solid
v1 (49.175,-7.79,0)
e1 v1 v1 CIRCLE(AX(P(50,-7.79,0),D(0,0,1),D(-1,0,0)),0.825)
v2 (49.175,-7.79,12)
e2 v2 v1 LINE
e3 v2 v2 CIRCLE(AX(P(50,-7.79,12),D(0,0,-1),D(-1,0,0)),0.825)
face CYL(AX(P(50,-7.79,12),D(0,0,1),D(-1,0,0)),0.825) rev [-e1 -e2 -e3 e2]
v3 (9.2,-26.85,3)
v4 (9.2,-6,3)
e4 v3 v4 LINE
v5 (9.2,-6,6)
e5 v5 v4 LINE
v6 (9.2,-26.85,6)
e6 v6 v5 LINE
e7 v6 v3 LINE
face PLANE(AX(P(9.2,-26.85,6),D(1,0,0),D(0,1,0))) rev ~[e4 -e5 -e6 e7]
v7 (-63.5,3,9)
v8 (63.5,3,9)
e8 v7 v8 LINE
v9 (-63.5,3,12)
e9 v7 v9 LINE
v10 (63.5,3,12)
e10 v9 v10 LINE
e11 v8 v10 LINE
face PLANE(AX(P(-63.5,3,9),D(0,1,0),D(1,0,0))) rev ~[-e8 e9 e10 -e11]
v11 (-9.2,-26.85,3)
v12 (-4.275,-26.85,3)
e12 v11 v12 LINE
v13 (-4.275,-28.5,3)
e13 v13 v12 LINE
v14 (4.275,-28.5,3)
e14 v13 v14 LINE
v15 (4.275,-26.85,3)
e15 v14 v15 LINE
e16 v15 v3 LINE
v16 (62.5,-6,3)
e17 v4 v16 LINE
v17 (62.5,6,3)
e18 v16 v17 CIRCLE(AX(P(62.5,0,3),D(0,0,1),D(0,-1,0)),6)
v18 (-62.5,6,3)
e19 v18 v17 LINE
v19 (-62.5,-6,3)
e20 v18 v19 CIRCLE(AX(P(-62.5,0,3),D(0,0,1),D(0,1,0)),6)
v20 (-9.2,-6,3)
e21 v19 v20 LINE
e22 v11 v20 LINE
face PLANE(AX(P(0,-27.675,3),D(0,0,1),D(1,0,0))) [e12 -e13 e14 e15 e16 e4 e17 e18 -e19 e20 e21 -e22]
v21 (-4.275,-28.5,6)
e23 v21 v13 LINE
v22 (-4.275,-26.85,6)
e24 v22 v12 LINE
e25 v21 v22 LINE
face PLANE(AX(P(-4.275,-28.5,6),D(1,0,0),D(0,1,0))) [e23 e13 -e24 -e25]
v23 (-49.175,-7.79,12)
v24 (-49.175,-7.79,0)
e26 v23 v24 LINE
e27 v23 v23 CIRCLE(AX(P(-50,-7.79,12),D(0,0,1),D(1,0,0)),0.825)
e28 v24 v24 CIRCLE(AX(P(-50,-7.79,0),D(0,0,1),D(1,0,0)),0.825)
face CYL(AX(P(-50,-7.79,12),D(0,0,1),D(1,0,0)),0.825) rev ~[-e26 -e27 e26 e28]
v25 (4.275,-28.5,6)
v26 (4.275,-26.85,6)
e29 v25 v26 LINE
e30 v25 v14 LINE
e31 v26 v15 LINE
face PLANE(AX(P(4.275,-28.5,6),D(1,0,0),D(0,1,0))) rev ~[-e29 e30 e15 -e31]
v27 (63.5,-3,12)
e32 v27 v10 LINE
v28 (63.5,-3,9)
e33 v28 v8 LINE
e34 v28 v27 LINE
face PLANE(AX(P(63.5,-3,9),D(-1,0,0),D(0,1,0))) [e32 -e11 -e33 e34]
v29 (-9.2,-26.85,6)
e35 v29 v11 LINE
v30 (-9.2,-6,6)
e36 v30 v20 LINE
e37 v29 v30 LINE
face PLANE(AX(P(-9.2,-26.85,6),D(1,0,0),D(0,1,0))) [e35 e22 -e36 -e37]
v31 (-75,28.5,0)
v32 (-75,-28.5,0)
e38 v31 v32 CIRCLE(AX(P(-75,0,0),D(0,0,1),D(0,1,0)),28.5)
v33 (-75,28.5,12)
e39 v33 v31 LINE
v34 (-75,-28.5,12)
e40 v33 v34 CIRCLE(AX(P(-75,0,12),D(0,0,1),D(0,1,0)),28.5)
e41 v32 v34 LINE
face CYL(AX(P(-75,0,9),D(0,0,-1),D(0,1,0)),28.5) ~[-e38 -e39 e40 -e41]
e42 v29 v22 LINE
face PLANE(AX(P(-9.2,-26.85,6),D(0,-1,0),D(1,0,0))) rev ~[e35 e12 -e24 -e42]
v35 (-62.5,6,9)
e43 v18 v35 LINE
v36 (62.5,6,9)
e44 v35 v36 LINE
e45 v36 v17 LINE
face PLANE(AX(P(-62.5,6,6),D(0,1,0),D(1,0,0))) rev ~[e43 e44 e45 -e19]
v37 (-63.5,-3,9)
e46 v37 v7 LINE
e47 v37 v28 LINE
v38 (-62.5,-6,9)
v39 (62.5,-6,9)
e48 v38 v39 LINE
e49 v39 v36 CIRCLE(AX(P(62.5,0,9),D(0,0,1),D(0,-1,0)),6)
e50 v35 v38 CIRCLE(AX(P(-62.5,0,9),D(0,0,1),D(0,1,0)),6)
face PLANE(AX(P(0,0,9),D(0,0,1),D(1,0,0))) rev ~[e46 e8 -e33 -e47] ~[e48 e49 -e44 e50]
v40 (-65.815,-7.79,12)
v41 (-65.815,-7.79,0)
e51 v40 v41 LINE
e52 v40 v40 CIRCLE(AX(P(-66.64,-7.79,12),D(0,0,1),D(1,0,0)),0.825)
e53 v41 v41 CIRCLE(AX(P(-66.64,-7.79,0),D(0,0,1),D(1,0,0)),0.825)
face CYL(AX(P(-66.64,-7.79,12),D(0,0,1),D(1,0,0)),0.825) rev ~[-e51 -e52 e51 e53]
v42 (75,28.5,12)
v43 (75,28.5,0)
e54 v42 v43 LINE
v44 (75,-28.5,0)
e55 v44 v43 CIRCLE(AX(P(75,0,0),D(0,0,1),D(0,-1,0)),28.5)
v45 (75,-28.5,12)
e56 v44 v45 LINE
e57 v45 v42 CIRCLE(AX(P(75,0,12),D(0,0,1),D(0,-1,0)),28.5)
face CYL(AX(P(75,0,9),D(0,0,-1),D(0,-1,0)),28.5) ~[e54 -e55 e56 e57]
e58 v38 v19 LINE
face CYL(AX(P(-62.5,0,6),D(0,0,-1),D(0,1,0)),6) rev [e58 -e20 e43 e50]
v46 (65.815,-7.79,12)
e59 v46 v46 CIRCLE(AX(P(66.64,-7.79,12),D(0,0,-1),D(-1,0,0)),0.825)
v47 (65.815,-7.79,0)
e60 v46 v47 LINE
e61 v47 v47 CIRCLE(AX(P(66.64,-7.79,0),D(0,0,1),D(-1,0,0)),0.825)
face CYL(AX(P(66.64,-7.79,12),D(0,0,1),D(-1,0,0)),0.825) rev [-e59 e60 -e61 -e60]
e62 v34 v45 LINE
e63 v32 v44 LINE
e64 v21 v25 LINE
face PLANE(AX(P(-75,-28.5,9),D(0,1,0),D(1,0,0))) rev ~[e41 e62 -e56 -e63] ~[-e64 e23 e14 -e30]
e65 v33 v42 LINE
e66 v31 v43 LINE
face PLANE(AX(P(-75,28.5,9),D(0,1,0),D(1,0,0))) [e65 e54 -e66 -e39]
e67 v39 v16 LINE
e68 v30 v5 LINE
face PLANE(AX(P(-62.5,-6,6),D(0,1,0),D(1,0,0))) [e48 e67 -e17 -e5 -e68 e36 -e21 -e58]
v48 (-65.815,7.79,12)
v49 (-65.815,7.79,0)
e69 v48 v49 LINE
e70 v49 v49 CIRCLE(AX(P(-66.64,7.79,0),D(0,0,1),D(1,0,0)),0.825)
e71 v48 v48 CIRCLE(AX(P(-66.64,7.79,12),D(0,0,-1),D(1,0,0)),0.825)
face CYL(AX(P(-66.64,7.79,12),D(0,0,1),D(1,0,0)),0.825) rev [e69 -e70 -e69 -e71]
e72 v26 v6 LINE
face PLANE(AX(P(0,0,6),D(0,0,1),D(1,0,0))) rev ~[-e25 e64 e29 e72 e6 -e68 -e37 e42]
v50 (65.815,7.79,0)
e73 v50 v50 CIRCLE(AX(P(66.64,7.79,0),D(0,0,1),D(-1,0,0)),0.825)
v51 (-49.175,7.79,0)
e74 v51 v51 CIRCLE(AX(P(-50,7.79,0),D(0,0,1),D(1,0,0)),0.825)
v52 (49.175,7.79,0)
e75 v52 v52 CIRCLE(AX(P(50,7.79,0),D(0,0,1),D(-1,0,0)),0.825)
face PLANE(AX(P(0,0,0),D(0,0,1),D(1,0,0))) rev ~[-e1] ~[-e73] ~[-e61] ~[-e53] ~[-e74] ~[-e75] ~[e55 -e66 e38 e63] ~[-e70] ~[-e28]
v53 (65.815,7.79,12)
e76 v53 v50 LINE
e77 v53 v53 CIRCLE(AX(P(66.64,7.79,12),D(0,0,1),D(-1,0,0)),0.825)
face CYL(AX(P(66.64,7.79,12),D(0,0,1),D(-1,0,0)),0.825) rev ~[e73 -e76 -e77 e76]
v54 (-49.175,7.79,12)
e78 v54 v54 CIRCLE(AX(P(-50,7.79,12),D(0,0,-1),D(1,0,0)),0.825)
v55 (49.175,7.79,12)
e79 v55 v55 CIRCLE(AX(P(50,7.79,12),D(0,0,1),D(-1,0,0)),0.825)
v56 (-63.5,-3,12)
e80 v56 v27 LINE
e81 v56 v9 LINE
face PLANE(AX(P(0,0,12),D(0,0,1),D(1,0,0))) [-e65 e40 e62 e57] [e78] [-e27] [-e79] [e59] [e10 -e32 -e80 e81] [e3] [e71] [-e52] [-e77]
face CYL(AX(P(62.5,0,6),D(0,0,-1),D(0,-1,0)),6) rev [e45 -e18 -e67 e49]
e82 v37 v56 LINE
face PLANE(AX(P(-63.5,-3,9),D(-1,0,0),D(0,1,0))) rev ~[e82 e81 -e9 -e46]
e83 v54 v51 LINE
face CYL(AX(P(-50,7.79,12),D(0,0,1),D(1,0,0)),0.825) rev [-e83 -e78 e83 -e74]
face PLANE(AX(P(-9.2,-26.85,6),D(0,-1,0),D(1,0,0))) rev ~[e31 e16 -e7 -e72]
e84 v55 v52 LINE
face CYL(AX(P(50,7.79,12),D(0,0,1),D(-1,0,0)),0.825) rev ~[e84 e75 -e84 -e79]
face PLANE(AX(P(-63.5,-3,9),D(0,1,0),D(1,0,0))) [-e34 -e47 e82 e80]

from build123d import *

# Parameters (mm, degrees)
PAD_DEPTH          = 6
POCKET_DEPTH       = 3
SKETCH002_W        = 18.4
SKETCH002_H        = 20.85
POCKET001_DEPTH    = 3
SKETCH003_W        = 8.55
SKETCH003_H        = 1.65
POCKET002_DEPTH    = 3
PAD001_DEPTH       = 3
SKETCH005_W        = 127
SKETCH005_H        = 6
PAD002_DEPTH       = 3
SKETCH006_R        = 0.825
POCKET003_DEPTH    = 442.080062
POLARPATTERN_COUNT = 2


with BuildPart() as part:
    # Sketch → Pad (new body)
    with BuildSketch(Plane.XY):
        with BuildLine():
            ThreePointArc((-75, 28.5), (-103.5, 0), (-75, -28.5))
            Line((-75, -28.5), (75, -28.5))
            ThreePointArc((75, -28.5), (103.5, 0), (75, 28.5))
            Line((-75, 28.5), (75, 28.5))
        make_face()
    extrude(amount=PAD_DEPTH)

    # Sketch001 (on Face6 of Pad) → Pocket (cut)
    with BuildSketch(Plane.XY.offset(6)):
        with BuildLine():
            ThreePointArc((-62.5, 6), (-68.5, 0), (-62.5, -6))
            Line((-62.5, -6), (62.5, -6))
            ThreePointArc((62.5, -6), (68.5, 0), (62.5, 6))
            Line((-62.5, 6), (62.5, 6))
        make_face()
    extrude(amount=-POCKET_DEPTH, mode=Mode.SUBTRACT)

    # Sketch002 (on Face5 of Pocket) → Pocket001 (cut)
    with BuildSketch(Plane.XY.offset(6)):
        with Locations((0, -16.425)):
            Rectangle(SKETCH002_W, SKETCH002_H)
    extrude(amount=-POCKET001_DEPTH, mode=Mode.SUBTRACT)

    # Sketch003 (on Face5 of Pocket001) → Pocket002 (cut)
    with BuildSketch(Plane.XY.offset(6)):
        with Locations((0, -27.675)):
            Rectangle(SKETCH003_W, SKETCH003_H)
    extrude(amount=-POCKET002_DEPTH, mode=Mode.SUBTRACT)

    # Sketch004 (on Face5 of Pocket002) → Pad001 (join)
    with BuildSketch(Plane.XY.offset(6)):
        with BuildLine():
            ThreePointArc((-75, 28.5), (-103.5, 0), (-75, -28.5))
            Line((-75, -28.5), (75, -28.5))
            ThreePointArc((75, -28.5), (103.5, 0), (75, 28.5))
            Line((-75, 28.5), (75, 28.5))
        make_face()
        with BuildLine():
            ThreePointArc((-62.5, 6), (-68.5, 0), (-62.5, -6))
            Line((-62.5, -6), (62.5, -6))
            ThreePointArc((62.5, -6), (68.5, 0), (62.5, 6))
            Line((-62.5, 6), (62.5, 6))
        make_face(mode=Mode.SUBTRACT)
    extrude(amount=PAD001_DEPTH)

    # Sketch005 (on Face12 of Pad001) → Pad002 (join)
    with BuildSketch(Plane.XY.offset(9)):
        with BuildLine():
            ThreePointArc((-75, 28.5), (-103.5, 0), (-75, -28.5))
            Line((-75, -28.5), (75, -28.5))
            ThreePointArc((75, -28.5), (103.5, 0), (75, 28.5))
            Line((-75, 28.5), (75, 28.5))
        make_face()
        Rectangle(SKETCH005_W, SKETCH005_H, mode=Mode.SUBTRACT)
    extrude(amount=PAD002_DEPTH)

    # Sketch006 (on Face20 of Pad002) → Pocket003 (cut, through all)
    with BuildSketch(Plane.XY.offset(12)):
        with Locations((-66.64, -7.79)):
            Circle(SKETCH006_R)
        with Locations((-50, -7.79)):
            Circle(SKETCH006_R)
    pocket003 = extrude(amount=-POCKET003_DEPTH, mode=Mode.SUBTRACT)

    # Mirrored: Pocket003 across Sketch006 H_Axis
    add(pocket003.mirror(Plane(origin=(0, 0, 12), x_dir=(0, 0, 1), z_dir=(0, 1, 0))), mode=Mode.SUBTRACT)

    # Mirrored001: Pocket003 across Sketch006 V_Axis
    add(pocket003.mirror(Plane(origin=(0, 0, 12), x_dir=(0, 0, 1), z_dir=(1, 0, 0))), mode=Mode.SUBTRACT)

    # PolarPattern: Pocket003 ×2 about axis
    polarpattern_axis = Axis((0, 0, 12), (0, 0, 1))
    for i in range(1, POLARPATTERN_COUNT):
        add(pocket003.rotate(polarpattern_axis, i * 360 / POLARPATTERN_COUNT), mode=Mode.SUBTRACT)


solid = part.part
